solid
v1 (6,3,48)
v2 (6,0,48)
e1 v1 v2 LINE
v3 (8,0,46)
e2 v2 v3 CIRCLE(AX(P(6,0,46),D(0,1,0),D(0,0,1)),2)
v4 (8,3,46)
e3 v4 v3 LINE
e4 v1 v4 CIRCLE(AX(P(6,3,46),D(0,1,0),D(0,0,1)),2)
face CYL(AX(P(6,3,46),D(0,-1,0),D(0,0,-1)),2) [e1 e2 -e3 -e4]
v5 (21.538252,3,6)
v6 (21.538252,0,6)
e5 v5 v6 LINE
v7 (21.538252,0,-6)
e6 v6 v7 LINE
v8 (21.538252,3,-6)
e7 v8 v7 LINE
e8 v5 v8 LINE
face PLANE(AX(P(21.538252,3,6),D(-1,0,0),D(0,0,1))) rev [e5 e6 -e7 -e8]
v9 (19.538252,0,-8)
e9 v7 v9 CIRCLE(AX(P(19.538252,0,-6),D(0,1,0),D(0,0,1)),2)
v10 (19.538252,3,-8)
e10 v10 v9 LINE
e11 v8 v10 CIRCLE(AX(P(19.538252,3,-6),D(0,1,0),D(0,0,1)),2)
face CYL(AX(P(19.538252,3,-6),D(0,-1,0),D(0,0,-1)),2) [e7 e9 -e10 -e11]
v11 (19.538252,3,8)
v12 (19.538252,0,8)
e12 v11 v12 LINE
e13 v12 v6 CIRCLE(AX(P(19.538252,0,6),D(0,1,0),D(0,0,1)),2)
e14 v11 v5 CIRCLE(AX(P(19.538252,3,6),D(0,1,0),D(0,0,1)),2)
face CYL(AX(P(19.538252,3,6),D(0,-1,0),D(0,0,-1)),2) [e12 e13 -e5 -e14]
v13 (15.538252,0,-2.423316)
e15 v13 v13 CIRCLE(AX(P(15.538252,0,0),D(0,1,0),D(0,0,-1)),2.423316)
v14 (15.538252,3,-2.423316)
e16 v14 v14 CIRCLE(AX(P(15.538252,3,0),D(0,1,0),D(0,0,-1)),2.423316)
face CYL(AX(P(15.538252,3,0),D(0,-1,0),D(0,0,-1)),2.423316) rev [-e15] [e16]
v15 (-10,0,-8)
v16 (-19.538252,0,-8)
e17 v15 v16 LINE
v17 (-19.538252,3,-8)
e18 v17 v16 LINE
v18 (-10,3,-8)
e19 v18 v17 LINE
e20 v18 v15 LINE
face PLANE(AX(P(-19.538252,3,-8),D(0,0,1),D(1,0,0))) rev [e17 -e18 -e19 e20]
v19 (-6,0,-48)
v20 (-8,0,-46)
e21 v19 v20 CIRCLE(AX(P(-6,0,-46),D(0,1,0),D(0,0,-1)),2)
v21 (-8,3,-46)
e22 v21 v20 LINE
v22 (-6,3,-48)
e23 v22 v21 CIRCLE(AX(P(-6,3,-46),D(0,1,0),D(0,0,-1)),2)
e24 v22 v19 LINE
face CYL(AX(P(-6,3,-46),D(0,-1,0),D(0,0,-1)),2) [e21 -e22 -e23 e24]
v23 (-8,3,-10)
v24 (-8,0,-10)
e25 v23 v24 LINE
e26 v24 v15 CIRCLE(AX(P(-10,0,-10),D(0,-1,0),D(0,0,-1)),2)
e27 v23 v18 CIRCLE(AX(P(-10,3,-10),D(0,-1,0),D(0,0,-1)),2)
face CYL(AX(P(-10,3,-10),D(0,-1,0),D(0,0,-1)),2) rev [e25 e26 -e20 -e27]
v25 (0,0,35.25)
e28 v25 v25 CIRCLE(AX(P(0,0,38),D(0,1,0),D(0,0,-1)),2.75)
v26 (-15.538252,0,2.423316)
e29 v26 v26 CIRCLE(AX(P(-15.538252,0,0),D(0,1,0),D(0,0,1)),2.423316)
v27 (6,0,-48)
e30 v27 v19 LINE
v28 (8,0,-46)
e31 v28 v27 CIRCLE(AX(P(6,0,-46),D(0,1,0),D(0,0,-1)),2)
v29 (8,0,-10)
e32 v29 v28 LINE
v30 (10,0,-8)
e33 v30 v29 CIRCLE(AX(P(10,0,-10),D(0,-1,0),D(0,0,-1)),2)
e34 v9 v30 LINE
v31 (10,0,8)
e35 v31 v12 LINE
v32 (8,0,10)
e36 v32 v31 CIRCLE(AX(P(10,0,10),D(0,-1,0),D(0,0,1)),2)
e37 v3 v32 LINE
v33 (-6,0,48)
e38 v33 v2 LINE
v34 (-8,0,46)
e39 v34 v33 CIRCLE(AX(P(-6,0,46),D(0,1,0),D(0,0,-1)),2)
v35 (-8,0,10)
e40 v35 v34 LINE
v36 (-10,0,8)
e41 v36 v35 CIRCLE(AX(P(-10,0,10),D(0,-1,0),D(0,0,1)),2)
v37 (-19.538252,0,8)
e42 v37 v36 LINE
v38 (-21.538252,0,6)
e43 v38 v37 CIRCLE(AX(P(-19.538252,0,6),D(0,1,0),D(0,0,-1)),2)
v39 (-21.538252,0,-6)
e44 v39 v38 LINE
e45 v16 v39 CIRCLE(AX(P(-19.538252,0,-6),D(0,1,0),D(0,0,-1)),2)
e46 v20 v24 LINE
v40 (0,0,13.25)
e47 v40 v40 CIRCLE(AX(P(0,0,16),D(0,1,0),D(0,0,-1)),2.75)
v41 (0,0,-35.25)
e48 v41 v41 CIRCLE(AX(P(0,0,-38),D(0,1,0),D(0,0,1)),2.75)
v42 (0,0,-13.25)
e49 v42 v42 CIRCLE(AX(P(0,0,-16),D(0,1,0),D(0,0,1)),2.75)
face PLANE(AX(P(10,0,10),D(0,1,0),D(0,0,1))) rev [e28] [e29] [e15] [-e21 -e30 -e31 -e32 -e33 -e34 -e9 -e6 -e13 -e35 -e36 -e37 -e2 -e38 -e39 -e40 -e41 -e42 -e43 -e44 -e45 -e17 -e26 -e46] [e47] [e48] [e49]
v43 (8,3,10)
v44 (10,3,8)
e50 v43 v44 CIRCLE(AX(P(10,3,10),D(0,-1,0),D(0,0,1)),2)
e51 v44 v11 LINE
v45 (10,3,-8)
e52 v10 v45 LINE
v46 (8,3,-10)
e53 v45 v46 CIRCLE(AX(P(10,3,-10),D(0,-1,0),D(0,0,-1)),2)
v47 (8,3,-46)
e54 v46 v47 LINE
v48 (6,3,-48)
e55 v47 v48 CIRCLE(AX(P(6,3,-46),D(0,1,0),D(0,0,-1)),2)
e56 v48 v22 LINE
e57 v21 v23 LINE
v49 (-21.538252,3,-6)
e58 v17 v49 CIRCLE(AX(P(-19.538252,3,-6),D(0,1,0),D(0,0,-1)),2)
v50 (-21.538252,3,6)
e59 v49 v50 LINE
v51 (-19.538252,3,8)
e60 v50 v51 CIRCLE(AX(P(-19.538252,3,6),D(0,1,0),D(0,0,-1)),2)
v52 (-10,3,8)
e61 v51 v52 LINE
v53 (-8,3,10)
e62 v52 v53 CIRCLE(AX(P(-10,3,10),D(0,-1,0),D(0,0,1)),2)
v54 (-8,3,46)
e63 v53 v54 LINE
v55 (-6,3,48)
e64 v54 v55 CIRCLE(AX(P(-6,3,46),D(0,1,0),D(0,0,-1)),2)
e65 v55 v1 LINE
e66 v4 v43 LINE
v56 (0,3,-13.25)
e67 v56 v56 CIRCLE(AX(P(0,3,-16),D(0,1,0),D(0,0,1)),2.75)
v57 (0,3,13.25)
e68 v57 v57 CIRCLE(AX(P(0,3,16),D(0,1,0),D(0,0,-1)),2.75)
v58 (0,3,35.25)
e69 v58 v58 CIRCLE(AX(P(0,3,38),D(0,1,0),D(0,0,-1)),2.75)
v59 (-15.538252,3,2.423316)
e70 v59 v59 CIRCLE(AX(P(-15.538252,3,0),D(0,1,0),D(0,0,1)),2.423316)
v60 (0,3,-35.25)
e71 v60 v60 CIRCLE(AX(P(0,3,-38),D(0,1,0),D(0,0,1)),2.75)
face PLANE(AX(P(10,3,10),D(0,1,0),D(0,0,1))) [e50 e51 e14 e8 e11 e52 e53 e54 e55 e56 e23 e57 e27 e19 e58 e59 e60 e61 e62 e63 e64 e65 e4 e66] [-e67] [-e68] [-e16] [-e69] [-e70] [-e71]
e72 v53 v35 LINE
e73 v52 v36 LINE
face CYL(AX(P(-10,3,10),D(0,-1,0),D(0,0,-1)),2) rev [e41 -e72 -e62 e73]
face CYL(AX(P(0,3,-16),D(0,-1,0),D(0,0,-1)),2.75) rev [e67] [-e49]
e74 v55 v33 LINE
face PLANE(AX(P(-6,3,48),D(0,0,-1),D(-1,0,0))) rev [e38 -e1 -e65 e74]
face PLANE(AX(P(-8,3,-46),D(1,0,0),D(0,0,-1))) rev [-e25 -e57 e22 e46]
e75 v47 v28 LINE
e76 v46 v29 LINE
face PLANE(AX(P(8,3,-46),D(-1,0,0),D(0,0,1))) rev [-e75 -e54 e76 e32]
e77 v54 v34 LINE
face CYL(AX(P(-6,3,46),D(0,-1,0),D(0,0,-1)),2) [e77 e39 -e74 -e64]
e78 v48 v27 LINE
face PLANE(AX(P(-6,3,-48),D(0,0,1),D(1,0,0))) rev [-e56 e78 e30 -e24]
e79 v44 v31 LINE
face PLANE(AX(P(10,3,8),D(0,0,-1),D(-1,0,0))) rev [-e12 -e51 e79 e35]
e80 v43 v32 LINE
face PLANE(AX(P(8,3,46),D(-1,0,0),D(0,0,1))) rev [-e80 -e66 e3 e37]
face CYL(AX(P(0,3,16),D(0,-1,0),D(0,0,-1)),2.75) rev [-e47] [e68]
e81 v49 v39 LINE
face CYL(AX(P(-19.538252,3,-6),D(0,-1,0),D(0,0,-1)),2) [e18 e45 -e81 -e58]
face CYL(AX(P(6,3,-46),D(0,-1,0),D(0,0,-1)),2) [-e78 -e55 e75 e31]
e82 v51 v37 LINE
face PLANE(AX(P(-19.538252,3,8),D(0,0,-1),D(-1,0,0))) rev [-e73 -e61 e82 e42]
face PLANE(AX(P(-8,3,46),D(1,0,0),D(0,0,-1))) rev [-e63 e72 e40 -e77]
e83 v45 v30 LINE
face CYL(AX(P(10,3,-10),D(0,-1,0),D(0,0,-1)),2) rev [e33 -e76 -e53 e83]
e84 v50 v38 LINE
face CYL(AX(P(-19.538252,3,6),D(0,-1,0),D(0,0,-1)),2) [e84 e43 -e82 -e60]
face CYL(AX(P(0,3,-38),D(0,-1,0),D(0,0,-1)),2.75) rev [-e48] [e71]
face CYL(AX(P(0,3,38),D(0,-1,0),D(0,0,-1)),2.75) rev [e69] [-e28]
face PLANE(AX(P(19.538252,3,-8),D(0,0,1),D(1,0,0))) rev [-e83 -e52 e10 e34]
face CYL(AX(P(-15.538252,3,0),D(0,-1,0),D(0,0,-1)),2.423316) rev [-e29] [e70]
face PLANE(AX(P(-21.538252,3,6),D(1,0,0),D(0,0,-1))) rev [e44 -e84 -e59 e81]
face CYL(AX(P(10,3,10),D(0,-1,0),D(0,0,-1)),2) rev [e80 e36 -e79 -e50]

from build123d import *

# Parameters (mm, degrees)
SKETCH_1_R      = 2.75
SKETCH_1_R_2    = 2.423316248
EXTRUDE_1_DEPTH = 3


with BuildPart() as part:
    # 草图1 → 凸台-拉伸1 (new body)
    with BuildSketch(Plane(origin=(0, 0, 0), x_dir=(1, 0, 0), z_dir=(0, 1, 0))):
        with BuildLine():
            Line((-6, 48), (6, 48))
            ThreePointArc((6, 48), (7.414213562, 47.414213562), (8, 46))
            Line((8, 46), (8, 10))
            ThreePointArc((8, 10), (8.585786438, 8.585786438), (10, 8))
            Line((10, 8), (19.538252224, 8))
            ThreePointArc((19.538252224, 8), (20.952465786, 7.414213562), (21.538252224, 6))
            Line((21.538252224, 6), (21.538252224, -6))
            ThreePointArc((21.538252224, -6), (20.952465786, -7.414213562), (19.538252224, -8))
            Line((19.538252224, -8), (10, -8))
            ThreePointArc((10, -8), (8.585786438, -8.585786438), (8, -10))
            Line((8, -10), (8, -46))
            ThreePointArc((8, -46), (7.414213562, -47.414213562), (6, -48))
            Line((6, -48), (-6, -48))
            ThreePointArc((-6, -48), (-7.414213562, -47.414213562), (-8, -46))
            Line((-8, -46), (-8, -10))
            ThreePointArc((-8, -10), (-8.585786438, -8.585786438), (-10, -8))
            Line((-10, -8), (-19.538252224, -8))
            ThreePointArc((-19.538252224, -8), (-20.952465786, -7.414213562), (-21.538252224, -6))
            Line((-21.538252224, -6), (-21.538252224, 6))
            ThreePointArc((-21.538252224, 6), (-20.952465786, 7.414213562), (-19.538252224, 8))
            Line((-19.538252224, 8), (-10, 8))
            ThreePointArc((-10, 8), (-8.585786438, 8.585786438), (-8, 10))
            Line((-8, 10), (-8, 46))
            ThreePointArc((-8, 46), (-7.414213562, 47.414213562), (-6, 48))
        make_face()
        with Locations(Location((0, 38, 0), (0, 0, 270))):
            Circle(SKETCH_1_R, mode=Mode.SUBTRACT)
        with Locations(Location((0, 16, 0), (0, 0, 270))):
            Circle(SKETCH_1_R, mode=Mode.SUBTRACT)
        with Locations(Location((0, -16, 0), (0, 0, 90))):
            Circle(SKETCH_1_R, mode=Mode.SUBTRACT)
        with Locations(Location((0, -38, 0), (0, 0, 90))):
            Circle(SKETCH_1_R, mode=Mode.SUBTRACT)
        with Locations(Location((-15.538252224, 0, 0), (0, 0, 270))):
            Circle(SKETCH_1_R_2, mode=Mode.SUBTRACT)
        with Locations(Location((15.538252224, 0, 0), (0, 0, 90))):
            Circle(SKETCH_1_R_2, mode=Mode.SUBTRACT)
    extrude(amount=EXTRUDE_1_DEPTH)


solid = part.part
